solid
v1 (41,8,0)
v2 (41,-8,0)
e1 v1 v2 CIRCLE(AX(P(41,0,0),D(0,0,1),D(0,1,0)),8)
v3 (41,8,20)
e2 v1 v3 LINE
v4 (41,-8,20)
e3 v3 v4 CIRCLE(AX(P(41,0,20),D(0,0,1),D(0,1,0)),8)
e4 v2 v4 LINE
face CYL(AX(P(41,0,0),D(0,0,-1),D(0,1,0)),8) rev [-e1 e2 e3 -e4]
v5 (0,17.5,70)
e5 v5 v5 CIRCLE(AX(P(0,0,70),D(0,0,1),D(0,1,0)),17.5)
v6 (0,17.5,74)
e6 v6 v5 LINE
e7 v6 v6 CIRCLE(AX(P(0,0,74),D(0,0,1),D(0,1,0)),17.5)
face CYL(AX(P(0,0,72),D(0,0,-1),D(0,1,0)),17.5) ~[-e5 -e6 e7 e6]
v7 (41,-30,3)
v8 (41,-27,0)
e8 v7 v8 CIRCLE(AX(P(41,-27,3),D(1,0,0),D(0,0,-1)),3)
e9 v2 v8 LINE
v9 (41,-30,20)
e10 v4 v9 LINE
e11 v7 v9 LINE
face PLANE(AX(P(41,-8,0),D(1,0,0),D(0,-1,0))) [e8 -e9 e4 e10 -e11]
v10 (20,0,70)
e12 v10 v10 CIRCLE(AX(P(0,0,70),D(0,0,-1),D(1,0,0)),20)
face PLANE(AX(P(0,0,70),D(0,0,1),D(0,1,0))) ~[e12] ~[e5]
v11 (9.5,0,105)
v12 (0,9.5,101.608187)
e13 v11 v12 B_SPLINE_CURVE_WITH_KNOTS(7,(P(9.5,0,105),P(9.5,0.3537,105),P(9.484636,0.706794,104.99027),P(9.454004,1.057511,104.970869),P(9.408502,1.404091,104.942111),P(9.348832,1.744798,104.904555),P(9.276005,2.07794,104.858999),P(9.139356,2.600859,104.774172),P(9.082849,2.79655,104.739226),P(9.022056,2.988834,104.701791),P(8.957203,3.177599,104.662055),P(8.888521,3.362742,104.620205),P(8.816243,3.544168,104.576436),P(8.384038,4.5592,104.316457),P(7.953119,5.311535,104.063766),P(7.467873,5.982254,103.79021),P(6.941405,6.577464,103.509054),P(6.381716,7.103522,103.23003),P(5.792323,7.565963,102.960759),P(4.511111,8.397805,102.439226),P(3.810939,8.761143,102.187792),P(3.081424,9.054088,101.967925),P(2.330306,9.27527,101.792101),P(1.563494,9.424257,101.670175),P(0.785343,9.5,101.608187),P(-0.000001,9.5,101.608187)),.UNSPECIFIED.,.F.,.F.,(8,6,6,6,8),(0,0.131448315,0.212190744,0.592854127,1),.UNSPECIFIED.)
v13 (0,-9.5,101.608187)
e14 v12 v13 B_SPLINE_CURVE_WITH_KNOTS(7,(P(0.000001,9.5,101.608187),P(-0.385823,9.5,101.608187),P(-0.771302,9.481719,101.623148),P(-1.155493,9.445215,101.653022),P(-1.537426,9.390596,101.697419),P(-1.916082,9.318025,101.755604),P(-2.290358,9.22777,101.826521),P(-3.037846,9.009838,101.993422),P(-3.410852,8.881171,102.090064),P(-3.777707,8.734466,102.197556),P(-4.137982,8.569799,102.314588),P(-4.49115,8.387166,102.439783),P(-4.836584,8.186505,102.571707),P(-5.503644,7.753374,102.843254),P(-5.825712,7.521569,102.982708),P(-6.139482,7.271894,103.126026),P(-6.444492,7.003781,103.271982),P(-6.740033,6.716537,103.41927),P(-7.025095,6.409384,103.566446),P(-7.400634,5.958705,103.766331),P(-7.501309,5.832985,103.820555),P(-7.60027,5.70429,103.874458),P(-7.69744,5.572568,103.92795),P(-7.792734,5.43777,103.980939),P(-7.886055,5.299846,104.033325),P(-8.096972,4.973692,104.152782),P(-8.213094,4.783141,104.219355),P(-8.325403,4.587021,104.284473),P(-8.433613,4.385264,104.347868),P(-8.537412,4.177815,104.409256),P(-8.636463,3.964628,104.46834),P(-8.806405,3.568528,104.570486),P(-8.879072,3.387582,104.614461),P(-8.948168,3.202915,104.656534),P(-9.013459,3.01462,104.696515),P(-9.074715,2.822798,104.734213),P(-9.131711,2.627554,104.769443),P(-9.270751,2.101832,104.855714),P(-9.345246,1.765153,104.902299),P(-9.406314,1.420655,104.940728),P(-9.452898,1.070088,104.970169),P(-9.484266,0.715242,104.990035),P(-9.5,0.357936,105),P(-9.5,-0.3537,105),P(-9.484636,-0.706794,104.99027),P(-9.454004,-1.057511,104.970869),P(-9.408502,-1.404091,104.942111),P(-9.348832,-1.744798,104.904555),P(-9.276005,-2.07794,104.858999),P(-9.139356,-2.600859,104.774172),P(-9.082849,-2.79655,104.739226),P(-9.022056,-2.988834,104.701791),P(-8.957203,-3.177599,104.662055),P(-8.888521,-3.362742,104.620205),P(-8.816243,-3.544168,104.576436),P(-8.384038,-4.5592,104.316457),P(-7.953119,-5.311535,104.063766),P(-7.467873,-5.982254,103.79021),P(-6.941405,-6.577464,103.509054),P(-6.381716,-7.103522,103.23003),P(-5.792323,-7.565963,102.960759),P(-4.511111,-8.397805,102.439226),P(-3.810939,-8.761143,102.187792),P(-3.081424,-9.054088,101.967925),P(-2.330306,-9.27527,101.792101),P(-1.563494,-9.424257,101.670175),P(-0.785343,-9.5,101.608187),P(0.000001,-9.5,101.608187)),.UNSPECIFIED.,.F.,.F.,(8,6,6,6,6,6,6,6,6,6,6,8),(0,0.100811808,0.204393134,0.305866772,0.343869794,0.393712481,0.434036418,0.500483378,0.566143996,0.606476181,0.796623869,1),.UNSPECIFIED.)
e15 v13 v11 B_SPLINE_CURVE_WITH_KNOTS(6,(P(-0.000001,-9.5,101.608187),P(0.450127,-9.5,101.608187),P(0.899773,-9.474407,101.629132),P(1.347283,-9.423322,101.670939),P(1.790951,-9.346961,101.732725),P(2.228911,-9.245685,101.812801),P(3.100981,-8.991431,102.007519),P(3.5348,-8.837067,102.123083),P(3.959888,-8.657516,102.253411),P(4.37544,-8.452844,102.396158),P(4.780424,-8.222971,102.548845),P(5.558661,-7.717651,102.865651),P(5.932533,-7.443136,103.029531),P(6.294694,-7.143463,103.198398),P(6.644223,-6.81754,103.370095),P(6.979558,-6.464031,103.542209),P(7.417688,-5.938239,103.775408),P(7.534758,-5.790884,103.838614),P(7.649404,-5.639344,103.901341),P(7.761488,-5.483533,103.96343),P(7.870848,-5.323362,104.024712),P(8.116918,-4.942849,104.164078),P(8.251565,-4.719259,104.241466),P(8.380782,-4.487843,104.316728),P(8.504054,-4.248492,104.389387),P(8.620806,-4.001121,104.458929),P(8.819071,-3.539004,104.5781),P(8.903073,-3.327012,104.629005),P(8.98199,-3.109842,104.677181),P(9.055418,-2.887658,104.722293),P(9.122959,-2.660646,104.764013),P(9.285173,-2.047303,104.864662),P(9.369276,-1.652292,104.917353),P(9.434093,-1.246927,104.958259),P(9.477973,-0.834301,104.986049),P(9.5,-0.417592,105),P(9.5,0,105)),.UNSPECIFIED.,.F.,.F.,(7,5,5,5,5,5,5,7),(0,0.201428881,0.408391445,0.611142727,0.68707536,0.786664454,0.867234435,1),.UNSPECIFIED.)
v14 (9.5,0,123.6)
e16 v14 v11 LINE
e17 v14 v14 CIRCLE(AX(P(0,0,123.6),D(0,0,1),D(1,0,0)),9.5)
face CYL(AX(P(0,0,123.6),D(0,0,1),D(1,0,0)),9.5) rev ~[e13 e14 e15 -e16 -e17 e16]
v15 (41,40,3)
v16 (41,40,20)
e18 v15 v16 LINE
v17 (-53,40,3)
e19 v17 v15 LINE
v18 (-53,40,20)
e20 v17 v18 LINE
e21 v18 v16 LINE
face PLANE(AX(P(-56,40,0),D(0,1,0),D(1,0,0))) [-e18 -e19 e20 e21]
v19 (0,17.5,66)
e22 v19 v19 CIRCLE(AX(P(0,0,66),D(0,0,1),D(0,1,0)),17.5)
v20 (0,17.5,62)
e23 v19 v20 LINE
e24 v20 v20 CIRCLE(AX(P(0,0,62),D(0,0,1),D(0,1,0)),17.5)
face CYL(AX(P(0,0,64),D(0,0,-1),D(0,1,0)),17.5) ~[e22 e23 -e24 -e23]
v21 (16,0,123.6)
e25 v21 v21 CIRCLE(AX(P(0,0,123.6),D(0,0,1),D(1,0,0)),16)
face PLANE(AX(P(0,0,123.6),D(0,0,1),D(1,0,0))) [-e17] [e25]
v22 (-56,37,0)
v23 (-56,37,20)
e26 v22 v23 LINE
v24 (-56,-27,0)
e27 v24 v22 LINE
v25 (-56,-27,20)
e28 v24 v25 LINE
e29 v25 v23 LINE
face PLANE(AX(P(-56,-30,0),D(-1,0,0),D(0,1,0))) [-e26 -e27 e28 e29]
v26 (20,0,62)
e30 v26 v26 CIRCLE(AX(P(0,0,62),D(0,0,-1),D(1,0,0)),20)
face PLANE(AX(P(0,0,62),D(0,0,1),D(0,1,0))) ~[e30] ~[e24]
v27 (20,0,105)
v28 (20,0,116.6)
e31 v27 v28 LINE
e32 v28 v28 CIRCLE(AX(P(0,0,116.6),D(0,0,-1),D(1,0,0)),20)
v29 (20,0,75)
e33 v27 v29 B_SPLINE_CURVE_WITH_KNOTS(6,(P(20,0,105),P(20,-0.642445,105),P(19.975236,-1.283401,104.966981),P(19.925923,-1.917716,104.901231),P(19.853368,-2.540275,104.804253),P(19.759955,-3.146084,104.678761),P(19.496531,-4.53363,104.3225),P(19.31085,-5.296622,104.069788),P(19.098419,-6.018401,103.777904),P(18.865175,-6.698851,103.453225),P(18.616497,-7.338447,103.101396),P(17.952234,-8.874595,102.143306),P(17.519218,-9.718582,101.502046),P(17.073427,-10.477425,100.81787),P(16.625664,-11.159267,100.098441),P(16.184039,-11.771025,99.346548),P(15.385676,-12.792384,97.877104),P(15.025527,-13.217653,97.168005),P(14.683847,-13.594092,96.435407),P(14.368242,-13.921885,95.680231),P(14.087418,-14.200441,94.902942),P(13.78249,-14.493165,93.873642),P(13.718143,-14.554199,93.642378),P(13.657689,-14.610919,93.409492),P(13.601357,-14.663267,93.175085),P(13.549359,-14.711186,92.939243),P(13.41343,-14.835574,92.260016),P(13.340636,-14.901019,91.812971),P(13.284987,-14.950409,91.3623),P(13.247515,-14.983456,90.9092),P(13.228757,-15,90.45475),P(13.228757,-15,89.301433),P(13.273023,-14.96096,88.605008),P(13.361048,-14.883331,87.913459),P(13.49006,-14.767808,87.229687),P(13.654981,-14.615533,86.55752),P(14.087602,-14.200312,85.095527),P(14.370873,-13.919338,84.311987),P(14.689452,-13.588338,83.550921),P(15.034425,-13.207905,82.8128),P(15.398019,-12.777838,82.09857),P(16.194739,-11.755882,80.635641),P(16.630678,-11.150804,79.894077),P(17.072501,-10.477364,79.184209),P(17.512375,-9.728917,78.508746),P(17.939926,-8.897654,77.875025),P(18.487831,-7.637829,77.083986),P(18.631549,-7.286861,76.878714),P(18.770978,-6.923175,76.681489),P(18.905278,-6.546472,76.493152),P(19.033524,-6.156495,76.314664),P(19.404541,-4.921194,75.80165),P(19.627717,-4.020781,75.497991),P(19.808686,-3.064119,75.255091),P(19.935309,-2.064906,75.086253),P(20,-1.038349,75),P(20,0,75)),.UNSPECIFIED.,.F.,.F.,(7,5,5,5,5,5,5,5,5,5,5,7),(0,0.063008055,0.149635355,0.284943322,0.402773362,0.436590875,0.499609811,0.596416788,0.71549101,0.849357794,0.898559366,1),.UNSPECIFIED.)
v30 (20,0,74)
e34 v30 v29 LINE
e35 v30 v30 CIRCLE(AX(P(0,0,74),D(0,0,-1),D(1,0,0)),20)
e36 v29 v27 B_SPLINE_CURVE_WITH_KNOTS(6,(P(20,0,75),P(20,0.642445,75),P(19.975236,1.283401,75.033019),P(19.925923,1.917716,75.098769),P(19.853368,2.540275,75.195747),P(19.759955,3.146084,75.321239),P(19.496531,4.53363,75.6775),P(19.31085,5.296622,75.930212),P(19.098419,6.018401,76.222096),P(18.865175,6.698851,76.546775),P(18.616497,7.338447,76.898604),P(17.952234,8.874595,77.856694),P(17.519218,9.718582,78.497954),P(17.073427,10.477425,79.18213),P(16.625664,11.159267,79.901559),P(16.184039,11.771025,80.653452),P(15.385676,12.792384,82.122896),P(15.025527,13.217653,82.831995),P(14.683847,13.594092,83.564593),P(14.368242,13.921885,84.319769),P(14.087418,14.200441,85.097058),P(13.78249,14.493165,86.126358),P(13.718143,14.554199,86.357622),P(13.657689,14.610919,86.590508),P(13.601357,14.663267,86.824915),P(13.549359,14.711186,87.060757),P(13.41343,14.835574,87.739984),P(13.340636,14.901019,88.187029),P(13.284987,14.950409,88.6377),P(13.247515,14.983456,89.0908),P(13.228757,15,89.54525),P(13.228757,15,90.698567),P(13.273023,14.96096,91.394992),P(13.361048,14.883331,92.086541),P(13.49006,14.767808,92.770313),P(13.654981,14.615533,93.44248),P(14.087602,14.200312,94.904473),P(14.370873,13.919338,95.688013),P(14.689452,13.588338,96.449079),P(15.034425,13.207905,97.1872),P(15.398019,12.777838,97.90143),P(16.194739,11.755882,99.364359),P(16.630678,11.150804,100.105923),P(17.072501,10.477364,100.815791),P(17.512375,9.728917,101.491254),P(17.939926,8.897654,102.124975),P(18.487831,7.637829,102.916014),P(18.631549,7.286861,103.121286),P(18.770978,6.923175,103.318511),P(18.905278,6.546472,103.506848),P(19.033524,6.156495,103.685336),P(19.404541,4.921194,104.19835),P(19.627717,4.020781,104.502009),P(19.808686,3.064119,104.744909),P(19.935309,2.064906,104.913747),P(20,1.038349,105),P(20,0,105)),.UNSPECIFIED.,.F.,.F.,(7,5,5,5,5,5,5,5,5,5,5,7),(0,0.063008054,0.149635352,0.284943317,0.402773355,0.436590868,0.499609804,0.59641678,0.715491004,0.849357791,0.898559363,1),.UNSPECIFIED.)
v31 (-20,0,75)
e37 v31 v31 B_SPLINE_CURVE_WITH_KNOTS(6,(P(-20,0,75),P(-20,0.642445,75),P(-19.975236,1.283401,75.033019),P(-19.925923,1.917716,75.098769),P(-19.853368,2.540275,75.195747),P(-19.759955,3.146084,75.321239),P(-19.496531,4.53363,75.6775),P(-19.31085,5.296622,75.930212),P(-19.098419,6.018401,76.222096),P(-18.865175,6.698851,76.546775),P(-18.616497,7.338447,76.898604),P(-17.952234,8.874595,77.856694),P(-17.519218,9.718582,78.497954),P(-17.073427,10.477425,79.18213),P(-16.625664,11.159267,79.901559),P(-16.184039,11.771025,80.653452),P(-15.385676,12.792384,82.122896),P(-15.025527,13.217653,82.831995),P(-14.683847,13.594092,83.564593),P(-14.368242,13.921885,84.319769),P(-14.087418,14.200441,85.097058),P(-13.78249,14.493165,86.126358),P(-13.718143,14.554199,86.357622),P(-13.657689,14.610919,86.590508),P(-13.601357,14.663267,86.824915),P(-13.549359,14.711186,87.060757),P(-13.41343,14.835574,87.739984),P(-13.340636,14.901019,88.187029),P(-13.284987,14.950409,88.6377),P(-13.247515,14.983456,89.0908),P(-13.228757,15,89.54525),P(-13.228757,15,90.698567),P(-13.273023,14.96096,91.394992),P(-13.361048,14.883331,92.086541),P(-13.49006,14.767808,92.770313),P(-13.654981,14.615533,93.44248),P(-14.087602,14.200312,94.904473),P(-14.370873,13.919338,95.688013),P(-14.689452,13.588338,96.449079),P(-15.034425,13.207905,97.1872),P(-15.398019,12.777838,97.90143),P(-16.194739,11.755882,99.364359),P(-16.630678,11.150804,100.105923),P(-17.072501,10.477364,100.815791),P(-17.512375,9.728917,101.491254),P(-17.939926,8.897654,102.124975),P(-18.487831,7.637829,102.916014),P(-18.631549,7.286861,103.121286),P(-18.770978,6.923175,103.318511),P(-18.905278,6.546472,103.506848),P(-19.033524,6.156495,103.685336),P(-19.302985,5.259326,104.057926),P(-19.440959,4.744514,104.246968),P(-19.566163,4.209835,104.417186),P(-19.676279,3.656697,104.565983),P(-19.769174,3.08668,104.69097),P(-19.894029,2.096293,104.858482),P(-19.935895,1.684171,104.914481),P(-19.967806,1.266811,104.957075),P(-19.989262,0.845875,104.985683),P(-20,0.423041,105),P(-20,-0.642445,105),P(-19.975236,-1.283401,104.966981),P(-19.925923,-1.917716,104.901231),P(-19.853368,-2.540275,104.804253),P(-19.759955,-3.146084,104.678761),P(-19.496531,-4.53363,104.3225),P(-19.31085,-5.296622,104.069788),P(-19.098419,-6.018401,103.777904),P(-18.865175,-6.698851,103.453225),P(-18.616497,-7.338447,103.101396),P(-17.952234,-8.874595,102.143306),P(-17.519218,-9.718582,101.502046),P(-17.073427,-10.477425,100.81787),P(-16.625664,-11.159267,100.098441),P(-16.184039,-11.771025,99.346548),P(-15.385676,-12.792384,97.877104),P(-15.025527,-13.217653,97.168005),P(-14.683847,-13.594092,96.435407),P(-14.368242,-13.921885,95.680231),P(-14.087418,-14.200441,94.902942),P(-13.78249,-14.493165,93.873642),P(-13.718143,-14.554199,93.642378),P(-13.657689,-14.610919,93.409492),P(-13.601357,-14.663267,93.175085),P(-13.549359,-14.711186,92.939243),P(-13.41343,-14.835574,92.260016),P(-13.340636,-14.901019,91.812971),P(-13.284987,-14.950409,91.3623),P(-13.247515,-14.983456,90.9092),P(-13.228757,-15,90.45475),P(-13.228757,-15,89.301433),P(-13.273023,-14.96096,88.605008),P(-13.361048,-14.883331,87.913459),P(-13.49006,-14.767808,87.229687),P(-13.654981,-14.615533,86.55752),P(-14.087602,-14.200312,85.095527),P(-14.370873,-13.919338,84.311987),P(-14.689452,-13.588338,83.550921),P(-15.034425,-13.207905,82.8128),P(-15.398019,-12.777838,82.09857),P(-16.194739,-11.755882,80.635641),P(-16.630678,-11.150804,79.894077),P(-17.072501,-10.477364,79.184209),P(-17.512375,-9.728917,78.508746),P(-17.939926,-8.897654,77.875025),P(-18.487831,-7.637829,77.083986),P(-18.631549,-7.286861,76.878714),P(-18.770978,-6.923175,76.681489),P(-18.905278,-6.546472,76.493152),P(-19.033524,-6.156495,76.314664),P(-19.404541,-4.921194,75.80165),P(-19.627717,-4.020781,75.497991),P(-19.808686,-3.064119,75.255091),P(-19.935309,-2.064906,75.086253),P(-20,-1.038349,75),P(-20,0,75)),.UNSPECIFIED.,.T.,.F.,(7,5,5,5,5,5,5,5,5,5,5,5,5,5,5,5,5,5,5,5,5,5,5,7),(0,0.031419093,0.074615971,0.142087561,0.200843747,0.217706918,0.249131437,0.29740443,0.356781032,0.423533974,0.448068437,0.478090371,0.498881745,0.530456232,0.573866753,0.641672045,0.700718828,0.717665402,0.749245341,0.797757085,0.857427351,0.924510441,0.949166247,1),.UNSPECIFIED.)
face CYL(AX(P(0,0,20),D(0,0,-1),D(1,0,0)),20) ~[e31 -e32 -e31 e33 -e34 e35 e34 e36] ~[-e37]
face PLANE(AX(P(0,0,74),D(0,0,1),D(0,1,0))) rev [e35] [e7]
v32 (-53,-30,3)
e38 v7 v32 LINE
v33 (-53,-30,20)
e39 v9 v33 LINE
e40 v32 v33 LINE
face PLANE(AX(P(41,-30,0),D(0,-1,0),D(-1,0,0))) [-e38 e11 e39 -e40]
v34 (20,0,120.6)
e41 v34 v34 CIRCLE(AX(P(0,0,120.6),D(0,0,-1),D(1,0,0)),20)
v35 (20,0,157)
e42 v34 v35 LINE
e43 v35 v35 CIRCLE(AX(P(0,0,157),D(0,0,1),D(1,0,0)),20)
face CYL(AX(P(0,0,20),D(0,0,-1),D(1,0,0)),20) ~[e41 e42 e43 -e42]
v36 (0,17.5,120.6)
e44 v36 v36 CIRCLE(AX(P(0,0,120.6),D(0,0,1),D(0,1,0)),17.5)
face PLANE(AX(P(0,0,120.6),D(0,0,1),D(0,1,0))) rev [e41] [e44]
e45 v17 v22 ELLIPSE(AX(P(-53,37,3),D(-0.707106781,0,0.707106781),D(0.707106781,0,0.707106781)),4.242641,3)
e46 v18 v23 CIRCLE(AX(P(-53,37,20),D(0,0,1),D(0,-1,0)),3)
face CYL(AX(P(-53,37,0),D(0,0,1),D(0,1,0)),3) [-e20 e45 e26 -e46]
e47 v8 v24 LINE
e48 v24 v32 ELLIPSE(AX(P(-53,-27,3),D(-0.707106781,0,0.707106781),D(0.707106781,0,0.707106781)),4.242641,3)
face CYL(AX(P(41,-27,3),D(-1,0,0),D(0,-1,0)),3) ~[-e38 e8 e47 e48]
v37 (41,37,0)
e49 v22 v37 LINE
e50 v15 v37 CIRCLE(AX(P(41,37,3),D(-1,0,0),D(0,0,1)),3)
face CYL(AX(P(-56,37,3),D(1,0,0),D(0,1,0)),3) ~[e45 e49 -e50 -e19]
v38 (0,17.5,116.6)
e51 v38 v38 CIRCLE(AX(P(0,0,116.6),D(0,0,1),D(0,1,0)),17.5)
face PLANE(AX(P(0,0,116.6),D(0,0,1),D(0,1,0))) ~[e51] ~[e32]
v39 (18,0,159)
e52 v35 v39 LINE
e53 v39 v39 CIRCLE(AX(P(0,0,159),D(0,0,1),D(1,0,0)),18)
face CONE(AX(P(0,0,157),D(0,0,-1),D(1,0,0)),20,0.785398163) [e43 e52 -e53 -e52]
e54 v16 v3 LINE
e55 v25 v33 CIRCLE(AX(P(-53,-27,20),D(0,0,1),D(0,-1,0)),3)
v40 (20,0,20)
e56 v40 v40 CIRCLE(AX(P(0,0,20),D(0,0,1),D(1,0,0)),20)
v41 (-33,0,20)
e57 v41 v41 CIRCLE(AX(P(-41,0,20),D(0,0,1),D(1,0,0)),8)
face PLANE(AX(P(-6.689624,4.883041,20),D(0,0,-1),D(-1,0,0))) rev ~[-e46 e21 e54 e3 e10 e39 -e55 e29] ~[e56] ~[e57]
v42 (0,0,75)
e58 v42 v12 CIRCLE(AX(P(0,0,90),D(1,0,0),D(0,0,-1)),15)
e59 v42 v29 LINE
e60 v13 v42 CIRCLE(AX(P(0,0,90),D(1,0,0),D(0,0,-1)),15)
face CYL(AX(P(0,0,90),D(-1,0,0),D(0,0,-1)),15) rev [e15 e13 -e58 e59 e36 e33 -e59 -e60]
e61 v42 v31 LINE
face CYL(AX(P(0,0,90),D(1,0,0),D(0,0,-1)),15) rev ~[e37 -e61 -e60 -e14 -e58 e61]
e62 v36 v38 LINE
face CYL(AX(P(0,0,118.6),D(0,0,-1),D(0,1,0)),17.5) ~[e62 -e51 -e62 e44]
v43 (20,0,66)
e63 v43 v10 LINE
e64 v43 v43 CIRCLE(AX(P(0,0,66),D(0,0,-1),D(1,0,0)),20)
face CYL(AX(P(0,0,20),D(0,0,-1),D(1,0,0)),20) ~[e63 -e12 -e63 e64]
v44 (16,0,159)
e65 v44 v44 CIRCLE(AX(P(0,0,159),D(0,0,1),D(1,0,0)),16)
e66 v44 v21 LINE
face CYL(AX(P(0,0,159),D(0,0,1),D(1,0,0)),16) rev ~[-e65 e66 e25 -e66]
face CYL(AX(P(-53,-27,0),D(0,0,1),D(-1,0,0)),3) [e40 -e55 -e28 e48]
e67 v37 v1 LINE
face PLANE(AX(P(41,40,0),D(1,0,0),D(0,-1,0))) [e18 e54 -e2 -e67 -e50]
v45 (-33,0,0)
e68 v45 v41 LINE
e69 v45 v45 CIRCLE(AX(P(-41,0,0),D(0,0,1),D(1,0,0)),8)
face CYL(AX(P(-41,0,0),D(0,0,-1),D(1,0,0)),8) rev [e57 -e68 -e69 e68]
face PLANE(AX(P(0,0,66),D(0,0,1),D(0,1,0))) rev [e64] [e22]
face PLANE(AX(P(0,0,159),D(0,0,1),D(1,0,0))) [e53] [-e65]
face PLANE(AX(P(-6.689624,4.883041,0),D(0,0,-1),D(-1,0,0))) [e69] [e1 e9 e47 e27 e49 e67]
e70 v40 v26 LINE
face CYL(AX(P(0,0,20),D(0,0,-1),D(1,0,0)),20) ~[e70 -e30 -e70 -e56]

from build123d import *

# Parameters (mm, degrees)
SKETCH1_R               = 8
BOSS_EXTRUDE1_DEPTH     = 20
SKETCH2_R               = 20
BOSS_EXTRUDE2_DEPTH     = 139
SKETCH3_R               = 15
CUT_EXTRUDE1_DEPTH      = 42
CUT_EXTRUDE1_DEPTH_BACK = 57
SKETCH4_W               = 4
SKETCH4_H               = 2.5
SKETCH5_R               = 16
CUT_EXTRUDE2_DEPTH      = 35.4
SKETCH6_R               = 9.5
CUT_EXTRUDE3_DEPTH      = 22
CHAMFER1_SIZE           = 2
FILLET1_R               = 3


with BuildPart() as part:
    # Sketch1 → Boss-Extrude1 (new body)
    with BuildSketch(Plane.XY):
        with BuildLine():
            Line((-56, 40), (41, 40))
            Line((41, 40), (41, 8))
            ThreePointArc((41, 8), (33, 0), (41, -8))
            Line((41, -8), (41, -30))
            Line((41, -30), (-56, -30))
            Line((-56, -30), (-56, 40))
        make_face()
        with Locations((-41, 0)):
            Circle(SKETCH1_R, mode=Mode.SUBTRACT)
    extrude(amount=BOSS_EXTRUDE1_DEPTH)

    # Sketch2 → Boss-Extrude2 (add)
    with BuildSketch(Plane.XY.offset(20)):
        Circle(SKETCH2_R)
    extrude(amount=BOSS_EXTRUDE2_DEPTH)

    # Sketch3 → Cut-Extrude1 (cut, two sides)
    with BuildSketch(Plane(origin=(0, 0, 0), x_dir=(0, 0, -1), z_dir=(1, 0, 0))) as cut_extrude1_sk:
        with Locations((-90, 0)):
            Circle(SKETCH3_R)
    extrude(amount=CUT_EXTRUDE1_DEPTH, mode=Mode.SUBTRACT)
    extrude(cut_extrude1_sk.sketch, amount=-CUT_EXTRUDE1_DEPTH_BACK, mode=Mode.SUBTRACT)

    # Sketch4 → Cut-Revolve1 (revolve, cut)
    with BuildSketch(Plane(origin=(0, 0, 0), x_dir=(0, 0, -1), z_dir=(1, 0, 0))):
        with Locations((-64, 18.75)):
            Rectangle(SKETCH4_W, SKETCH4_H)
        with Locations((-72, 18.75)):
            Rectangle(SKETCH4_W, SKETCH4_H)
        with Locations((-118.6, 18.75)):
            Rectangle(SKETCH4_W, SKETCH4_H)
    revolve(axis=Axis((0, 0, 0), (0, 0, 1)), mode=Mode.SUBTRACT)

    # Sketch5 → Cut-Extrude2 (cut)
    with BuildSketch(Plane.XY.offset(159)):
        Circle(SKETCH5_R)
    extrude(amount=-CUT_EXTRUDE2_DEPTH, mode=Mode.SUBTRACT)

    # Sketch6 → Cut-Extrude3 (cut)
    with BuildSketch(Plane.XY.offset(123.6)):
        Circle(SKETCH6_R)
    extrude(amount=-CUT_EXTRUDE3_DEPTH, mode=Mode.SUBTRACT)

    # Chamfer1
    chamfer1_edges = [part.edges().sort_by_distance(p)[0] for p in [
        (-20, 0, 159),
    ]]
    chamfer(chamfer1_edges, length=CHAMFER1_SIZE)

    # Fillet1
    fillet1_edges = [part.edges().sort_by_distance(p)[0] for p in [
        (-56, 40, 10),
        (-56, -30, 10),
        (-7.5, 40, 0),
        (-7.5, -30, 0),
    ]]
    fillet(fillet1_edges, radius=FILLET1_R)


solid = part.part
